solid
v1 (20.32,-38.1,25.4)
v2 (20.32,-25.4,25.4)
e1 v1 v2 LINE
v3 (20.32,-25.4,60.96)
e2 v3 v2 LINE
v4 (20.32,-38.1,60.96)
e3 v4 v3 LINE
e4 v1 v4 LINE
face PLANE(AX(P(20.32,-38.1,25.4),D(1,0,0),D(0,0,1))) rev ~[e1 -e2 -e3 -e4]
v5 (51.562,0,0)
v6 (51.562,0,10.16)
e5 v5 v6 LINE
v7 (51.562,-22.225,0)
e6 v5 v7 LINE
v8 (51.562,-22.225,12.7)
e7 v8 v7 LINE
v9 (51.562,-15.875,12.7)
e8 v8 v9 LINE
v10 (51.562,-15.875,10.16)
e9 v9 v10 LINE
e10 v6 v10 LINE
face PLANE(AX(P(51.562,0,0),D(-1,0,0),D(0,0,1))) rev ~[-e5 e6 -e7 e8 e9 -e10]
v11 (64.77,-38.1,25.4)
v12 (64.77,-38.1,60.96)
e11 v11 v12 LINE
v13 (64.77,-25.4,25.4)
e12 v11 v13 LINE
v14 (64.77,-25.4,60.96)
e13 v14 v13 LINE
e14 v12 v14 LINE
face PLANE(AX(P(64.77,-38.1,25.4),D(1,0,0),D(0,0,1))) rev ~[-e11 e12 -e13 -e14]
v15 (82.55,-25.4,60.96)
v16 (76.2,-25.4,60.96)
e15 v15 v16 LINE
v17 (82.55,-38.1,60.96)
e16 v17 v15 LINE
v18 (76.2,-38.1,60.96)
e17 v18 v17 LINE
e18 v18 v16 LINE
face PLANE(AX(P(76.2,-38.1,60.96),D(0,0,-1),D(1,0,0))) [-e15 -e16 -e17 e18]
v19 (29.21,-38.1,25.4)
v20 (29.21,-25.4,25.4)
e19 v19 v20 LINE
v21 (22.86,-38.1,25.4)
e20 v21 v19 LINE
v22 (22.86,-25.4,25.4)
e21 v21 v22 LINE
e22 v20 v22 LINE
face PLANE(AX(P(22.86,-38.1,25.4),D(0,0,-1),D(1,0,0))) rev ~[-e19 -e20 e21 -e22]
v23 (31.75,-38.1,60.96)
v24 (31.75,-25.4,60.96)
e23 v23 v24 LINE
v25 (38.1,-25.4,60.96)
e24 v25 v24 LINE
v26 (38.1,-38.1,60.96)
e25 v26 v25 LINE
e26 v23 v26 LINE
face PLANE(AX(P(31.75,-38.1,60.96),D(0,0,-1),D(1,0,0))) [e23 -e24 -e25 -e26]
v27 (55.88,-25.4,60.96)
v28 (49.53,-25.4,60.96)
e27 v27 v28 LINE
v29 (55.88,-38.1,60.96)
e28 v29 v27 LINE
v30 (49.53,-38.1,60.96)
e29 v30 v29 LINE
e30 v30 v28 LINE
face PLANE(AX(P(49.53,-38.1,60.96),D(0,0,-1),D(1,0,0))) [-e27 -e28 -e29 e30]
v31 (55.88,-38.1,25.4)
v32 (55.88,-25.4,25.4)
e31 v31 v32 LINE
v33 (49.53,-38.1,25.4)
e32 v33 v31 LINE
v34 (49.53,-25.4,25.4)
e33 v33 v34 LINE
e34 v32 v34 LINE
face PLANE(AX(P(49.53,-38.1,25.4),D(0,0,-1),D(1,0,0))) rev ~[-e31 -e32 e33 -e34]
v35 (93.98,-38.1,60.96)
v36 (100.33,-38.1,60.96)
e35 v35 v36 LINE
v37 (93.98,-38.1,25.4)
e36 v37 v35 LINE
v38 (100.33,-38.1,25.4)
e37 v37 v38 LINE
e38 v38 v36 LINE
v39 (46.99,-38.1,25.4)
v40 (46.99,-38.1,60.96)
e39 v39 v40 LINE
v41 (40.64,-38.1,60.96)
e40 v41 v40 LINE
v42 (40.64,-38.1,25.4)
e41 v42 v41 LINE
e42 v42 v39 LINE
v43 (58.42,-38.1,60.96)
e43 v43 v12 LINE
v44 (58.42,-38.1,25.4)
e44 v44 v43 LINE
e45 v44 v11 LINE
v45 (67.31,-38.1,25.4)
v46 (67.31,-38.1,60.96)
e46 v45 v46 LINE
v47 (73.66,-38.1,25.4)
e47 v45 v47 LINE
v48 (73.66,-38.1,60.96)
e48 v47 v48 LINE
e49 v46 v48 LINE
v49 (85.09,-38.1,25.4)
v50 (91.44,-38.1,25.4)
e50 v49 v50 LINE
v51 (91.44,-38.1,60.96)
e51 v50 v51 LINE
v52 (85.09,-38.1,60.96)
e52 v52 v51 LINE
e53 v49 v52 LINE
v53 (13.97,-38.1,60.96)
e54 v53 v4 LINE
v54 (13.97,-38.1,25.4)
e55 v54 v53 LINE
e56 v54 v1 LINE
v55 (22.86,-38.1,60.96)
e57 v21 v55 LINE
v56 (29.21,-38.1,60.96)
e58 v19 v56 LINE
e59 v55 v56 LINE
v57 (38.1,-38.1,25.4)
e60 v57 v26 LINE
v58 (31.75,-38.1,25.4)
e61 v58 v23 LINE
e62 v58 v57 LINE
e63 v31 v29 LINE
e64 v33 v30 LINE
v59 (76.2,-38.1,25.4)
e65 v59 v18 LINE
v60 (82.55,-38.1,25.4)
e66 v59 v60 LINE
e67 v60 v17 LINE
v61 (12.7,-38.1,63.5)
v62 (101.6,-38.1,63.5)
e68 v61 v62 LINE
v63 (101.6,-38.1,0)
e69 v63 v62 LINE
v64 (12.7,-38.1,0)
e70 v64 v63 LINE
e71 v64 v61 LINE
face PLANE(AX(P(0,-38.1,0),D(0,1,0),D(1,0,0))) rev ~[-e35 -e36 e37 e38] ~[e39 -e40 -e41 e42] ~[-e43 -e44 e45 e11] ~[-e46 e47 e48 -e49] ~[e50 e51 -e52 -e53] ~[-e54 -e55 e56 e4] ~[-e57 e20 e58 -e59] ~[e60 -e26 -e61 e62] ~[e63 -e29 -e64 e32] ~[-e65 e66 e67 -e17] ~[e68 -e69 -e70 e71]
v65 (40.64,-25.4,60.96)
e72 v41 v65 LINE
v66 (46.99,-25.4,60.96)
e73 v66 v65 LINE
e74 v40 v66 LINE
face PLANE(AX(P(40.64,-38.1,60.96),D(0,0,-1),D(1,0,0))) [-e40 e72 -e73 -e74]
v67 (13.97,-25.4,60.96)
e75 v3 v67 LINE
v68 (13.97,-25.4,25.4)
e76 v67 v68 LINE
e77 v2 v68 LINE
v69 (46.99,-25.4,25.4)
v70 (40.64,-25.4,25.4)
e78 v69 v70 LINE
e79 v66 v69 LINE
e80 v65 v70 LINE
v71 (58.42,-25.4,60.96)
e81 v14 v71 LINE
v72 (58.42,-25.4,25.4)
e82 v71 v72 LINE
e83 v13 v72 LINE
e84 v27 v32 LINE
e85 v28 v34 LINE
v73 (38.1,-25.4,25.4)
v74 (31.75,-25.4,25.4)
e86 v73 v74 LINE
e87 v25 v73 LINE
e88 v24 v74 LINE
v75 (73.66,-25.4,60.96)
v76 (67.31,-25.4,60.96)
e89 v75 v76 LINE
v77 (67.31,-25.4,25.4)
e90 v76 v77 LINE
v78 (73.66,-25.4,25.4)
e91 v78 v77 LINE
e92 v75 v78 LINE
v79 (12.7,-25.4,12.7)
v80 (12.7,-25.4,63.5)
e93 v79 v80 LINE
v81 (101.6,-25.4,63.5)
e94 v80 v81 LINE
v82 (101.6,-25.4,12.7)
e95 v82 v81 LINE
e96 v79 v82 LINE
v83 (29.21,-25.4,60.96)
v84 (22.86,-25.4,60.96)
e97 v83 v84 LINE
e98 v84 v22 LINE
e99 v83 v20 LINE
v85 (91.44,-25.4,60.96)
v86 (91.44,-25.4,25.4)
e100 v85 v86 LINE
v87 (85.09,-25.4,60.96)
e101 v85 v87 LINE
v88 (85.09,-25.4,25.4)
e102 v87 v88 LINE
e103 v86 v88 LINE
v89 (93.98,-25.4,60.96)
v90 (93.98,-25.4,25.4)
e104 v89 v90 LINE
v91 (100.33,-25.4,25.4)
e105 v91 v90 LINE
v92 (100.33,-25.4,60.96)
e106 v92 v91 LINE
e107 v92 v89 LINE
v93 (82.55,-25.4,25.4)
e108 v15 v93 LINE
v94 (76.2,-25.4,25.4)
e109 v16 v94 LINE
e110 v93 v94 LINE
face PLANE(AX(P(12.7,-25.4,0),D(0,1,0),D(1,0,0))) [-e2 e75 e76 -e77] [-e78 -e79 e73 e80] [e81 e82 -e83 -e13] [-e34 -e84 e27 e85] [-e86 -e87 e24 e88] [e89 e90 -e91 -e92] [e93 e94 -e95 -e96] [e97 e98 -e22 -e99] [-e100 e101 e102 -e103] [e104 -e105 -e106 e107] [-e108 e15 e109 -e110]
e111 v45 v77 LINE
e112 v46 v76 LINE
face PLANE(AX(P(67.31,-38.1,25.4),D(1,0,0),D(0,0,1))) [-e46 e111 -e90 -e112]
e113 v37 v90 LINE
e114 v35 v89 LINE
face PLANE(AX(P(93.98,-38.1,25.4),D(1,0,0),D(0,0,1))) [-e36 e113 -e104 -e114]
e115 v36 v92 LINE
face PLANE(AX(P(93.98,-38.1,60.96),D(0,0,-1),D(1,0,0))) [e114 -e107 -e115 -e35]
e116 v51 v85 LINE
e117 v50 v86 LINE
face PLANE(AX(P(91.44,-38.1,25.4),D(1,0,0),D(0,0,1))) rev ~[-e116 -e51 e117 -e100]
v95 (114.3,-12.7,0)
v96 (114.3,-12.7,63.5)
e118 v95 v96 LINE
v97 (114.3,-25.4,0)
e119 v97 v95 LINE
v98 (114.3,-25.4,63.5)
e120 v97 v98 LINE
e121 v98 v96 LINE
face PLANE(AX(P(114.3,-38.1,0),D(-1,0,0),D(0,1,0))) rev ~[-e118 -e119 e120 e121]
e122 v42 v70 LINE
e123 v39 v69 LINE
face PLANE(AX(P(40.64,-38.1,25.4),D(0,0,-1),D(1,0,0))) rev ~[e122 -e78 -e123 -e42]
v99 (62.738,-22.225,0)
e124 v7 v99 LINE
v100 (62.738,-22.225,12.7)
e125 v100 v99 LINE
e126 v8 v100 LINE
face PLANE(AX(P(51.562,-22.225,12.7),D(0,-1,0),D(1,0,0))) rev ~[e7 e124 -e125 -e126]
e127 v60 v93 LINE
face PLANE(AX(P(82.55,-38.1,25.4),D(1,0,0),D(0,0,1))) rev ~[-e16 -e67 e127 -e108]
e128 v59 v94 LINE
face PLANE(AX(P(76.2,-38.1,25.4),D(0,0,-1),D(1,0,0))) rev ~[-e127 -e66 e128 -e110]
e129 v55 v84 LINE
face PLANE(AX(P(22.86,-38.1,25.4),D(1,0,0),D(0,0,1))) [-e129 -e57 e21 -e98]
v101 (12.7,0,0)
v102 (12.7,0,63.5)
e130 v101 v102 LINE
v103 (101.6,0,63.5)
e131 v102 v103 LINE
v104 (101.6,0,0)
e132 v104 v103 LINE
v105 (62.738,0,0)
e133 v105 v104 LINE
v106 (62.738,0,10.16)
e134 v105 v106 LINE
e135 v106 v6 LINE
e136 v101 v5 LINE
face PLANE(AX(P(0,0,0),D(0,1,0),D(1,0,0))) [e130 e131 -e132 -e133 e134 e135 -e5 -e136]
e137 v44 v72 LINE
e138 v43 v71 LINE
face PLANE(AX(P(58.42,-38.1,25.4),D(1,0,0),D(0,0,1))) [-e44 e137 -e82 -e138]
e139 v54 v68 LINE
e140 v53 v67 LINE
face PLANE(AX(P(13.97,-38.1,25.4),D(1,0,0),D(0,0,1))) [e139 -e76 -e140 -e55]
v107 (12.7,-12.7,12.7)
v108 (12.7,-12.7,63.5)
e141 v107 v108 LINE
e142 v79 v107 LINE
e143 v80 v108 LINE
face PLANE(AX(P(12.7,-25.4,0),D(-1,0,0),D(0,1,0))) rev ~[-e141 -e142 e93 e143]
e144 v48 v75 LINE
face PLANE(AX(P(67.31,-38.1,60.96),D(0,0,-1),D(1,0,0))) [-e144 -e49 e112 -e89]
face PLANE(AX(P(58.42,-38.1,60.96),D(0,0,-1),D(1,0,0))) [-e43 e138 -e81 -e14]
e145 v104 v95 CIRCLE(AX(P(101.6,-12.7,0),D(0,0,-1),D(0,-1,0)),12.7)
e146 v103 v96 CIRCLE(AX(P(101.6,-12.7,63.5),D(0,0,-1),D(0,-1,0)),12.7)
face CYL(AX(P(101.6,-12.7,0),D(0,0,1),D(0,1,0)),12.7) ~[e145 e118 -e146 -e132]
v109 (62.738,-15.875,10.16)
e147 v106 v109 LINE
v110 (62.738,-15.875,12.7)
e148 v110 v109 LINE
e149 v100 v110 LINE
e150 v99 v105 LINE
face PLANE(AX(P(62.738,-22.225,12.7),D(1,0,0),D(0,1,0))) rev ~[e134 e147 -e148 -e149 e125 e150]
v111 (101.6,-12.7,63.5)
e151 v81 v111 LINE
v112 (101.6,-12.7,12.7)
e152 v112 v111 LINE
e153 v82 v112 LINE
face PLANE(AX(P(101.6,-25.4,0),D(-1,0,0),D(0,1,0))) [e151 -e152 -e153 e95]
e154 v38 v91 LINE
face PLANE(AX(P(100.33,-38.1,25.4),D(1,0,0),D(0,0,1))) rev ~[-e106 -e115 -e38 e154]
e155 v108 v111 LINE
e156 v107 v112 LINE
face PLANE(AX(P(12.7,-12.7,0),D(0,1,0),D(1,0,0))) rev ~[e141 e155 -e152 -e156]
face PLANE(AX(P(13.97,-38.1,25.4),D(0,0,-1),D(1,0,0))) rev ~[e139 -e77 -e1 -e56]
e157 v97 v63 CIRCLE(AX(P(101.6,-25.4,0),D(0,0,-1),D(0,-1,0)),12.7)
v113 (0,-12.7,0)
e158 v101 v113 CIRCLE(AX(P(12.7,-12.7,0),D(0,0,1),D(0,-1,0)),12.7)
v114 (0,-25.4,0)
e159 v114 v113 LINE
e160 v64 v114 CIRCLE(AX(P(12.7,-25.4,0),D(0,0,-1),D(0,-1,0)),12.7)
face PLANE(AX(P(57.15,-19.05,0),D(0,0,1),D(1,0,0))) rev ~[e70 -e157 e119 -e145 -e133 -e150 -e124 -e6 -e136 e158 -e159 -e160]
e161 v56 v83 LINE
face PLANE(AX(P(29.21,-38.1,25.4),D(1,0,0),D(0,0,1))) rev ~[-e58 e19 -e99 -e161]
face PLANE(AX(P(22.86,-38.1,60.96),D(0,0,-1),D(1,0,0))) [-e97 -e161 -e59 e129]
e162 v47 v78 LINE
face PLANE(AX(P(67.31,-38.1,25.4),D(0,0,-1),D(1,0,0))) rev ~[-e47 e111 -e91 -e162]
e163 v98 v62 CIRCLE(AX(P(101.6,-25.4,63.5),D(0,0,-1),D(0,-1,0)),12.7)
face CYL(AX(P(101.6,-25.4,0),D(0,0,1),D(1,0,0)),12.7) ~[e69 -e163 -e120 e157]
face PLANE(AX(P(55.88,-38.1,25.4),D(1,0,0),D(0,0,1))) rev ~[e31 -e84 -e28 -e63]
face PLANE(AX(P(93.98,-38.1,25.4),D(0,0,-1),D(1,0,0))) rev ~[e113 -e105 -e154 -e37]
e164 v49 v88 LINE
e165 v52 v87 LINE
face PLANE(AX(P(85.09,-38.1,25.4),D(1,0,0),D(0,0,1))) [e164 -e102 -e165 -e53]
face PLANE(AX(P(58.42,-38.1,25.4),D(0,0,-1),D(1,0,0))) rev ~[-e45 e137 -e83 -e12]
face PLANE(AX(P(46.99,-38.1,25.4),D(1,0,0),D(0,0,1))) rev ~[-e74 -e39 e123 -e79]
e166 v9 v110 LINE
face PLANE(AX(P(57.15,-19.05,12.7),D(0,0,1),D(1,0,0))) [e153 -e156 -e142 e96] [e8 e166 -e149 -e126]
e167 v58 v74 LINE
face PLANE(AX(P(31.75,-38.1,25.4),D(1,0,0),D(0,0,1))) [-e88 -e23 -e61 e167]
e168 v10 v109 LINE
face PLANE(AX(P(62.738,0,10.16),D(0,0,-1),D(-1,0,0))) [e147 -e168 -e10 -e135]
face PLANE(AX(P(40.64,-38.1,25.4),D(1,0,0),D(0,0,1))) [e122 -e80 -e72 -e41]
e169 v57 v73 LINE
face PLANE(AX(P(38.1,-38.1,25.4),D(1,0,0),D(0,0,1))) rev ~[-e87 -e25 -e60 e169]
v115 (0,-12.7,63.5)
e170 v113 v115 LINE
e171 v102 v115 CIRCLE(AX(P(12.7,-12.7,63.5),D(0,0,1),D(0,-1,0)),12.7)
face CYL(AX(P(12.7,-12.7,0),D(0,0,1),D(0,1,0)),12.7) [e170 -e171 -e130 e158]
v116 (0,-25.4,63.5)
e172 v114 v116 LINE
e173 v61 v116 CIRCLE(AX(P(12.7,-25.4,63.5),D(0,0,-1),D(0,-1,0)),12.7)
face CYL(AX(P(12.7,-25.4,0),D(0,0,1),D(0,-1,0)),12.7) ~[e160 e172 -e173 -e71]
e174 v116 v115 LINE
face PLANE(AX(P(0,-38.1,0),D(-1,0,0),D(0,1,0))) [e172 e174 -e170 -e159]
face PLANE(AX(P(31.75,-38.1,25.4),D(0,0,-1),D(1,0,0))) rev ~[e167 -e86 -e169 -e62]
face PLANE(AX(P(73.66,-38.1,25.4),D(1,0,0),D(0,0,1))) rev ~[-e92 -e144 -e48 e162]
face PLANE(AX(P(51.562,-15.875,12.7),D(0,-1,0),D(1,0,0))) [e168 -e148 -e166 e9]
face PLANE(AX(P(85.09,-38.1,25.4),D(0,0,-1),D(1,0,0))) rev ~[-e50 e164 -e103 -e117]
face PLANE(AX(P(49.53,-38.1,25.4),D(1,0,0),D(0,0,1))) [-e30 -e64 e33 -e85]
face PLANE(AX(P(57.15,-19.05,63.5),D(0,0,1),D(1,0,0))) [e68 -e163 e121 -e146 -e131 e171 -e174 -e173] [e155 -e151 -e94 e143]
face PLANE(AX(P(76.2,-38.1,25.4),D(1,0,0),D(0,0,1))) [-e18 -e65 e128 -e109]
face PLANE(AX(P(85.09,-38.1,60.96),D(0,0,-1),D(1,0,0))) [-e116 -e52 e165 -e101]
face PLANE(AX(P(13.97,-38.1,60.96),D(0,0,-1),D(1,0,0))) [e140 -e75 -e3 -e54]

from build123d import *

# Parameters (mm, degrees)
F0_W     = 114.3
F0_H     = 38.1
F0_W_2   = 88.9
F0_H_2   = 12.7
F1_DEPTH = 63.5
F2_DEPTH = 12.7
F3_W     = 6.35
F3_H     = 35.56
F4_DEPTH = 15.24
F5_W     = 11.176
F5_H     = 6.35
F6_DEPTH = 12.701
F7_W     = 11.176
F7_H     = 10.16
F8_DEPTH = 18.288
F9_R     = 12.7


with BuildPart() as f1:
    # F0 (on Top) → F1 (new body)
    with BuildSketch(Plane.XY):
        with Locations((57.15, -19.05)):
            Rectangle(F0_W, F0_H)
        with Locations((57.15, -19.05)):
            Rectangle(F0_W_2, F0_H_2, mode=Mode.SUBTRACT)
    extrude(amount=F1_DEPTH)

    # F0 (on Top) → F2 (join)
    with BuildSketch(Plane.XY):
        with Locations((57.15, -19.05)):
            Rectangle(F0_W_2, F0_H_2)
    extrude(amount=F2_DEPTH)

    # F3 (on face) → F4 (cut)
    with BuildSketch(Plane.XZ.offset(38.1)):
        with Locations((17.145, 43.18)):
            Rectangle(F3_W, F3_H)
        with Locations((26.035, 43.18)):
            Rectangle(F3_W, F3_H)
        with Locations((34.925, 43.18)):
            Rectangle(F3_W, F3_H)
        with Locations((43.815, 43.18)):
            Rectangle(F3_W, F3_H)
        with Locations((52.705, 43.18)):
            Rectangle(F3_W, F3_H)
        with Locations((61.595, 43.18)):
            Rectangle(F3_W, F3_H)
        with Locations((70.485, 43.18)):
            Rectangle(F3_W, F3_H)
        with Locations((79.375, 43.18)):
            Rectangle(F3_W, F3_H)
        with Locations((88.265, 43.18)):
            Rectangle(F3_W, F3_H)
        with Locations((97.155, 43.18)):
            Rectangle(F3_W, F3_H)
    extrude(amount=-F4_DEPTH, mode=Mode.SUBTRACT)

    # F5 (on face) → F6 (cut, through all)
    with BuildSketch(Plane.XY.offset(12.7)):
        with Locations((57.15, -19.05)):
            Rectangle(F5_W, F5_H)
    extrude(amount=-F6_DEPTH, mode=Mode.SUBTRACT)

    # F7 (on face) → F8 (cut)
    with BuildSketch(Plane(origin=(0, 0, 0), x_dir=(-1, 0, 0), z_dir=(0, 1, 0))):
        with Locations((-57.15, 5.08)):
            Rectangle(F7_W, F7_H)
    extrude(amount=-F8_DEPTH, mode=Mode.SUBTRACT)

    # F9
    f9_edges = [f1.edges().sort_by_distance(p)[0] for p in [
        (0, -38.1, 31.75),
        (0, 0, 31.75),
        (114.3, -38.1, 31.75),
        (114.3, 0, 31.75),
    ]]
    fillet(f9_edges, radius=F9_R)


solid = f1.part
